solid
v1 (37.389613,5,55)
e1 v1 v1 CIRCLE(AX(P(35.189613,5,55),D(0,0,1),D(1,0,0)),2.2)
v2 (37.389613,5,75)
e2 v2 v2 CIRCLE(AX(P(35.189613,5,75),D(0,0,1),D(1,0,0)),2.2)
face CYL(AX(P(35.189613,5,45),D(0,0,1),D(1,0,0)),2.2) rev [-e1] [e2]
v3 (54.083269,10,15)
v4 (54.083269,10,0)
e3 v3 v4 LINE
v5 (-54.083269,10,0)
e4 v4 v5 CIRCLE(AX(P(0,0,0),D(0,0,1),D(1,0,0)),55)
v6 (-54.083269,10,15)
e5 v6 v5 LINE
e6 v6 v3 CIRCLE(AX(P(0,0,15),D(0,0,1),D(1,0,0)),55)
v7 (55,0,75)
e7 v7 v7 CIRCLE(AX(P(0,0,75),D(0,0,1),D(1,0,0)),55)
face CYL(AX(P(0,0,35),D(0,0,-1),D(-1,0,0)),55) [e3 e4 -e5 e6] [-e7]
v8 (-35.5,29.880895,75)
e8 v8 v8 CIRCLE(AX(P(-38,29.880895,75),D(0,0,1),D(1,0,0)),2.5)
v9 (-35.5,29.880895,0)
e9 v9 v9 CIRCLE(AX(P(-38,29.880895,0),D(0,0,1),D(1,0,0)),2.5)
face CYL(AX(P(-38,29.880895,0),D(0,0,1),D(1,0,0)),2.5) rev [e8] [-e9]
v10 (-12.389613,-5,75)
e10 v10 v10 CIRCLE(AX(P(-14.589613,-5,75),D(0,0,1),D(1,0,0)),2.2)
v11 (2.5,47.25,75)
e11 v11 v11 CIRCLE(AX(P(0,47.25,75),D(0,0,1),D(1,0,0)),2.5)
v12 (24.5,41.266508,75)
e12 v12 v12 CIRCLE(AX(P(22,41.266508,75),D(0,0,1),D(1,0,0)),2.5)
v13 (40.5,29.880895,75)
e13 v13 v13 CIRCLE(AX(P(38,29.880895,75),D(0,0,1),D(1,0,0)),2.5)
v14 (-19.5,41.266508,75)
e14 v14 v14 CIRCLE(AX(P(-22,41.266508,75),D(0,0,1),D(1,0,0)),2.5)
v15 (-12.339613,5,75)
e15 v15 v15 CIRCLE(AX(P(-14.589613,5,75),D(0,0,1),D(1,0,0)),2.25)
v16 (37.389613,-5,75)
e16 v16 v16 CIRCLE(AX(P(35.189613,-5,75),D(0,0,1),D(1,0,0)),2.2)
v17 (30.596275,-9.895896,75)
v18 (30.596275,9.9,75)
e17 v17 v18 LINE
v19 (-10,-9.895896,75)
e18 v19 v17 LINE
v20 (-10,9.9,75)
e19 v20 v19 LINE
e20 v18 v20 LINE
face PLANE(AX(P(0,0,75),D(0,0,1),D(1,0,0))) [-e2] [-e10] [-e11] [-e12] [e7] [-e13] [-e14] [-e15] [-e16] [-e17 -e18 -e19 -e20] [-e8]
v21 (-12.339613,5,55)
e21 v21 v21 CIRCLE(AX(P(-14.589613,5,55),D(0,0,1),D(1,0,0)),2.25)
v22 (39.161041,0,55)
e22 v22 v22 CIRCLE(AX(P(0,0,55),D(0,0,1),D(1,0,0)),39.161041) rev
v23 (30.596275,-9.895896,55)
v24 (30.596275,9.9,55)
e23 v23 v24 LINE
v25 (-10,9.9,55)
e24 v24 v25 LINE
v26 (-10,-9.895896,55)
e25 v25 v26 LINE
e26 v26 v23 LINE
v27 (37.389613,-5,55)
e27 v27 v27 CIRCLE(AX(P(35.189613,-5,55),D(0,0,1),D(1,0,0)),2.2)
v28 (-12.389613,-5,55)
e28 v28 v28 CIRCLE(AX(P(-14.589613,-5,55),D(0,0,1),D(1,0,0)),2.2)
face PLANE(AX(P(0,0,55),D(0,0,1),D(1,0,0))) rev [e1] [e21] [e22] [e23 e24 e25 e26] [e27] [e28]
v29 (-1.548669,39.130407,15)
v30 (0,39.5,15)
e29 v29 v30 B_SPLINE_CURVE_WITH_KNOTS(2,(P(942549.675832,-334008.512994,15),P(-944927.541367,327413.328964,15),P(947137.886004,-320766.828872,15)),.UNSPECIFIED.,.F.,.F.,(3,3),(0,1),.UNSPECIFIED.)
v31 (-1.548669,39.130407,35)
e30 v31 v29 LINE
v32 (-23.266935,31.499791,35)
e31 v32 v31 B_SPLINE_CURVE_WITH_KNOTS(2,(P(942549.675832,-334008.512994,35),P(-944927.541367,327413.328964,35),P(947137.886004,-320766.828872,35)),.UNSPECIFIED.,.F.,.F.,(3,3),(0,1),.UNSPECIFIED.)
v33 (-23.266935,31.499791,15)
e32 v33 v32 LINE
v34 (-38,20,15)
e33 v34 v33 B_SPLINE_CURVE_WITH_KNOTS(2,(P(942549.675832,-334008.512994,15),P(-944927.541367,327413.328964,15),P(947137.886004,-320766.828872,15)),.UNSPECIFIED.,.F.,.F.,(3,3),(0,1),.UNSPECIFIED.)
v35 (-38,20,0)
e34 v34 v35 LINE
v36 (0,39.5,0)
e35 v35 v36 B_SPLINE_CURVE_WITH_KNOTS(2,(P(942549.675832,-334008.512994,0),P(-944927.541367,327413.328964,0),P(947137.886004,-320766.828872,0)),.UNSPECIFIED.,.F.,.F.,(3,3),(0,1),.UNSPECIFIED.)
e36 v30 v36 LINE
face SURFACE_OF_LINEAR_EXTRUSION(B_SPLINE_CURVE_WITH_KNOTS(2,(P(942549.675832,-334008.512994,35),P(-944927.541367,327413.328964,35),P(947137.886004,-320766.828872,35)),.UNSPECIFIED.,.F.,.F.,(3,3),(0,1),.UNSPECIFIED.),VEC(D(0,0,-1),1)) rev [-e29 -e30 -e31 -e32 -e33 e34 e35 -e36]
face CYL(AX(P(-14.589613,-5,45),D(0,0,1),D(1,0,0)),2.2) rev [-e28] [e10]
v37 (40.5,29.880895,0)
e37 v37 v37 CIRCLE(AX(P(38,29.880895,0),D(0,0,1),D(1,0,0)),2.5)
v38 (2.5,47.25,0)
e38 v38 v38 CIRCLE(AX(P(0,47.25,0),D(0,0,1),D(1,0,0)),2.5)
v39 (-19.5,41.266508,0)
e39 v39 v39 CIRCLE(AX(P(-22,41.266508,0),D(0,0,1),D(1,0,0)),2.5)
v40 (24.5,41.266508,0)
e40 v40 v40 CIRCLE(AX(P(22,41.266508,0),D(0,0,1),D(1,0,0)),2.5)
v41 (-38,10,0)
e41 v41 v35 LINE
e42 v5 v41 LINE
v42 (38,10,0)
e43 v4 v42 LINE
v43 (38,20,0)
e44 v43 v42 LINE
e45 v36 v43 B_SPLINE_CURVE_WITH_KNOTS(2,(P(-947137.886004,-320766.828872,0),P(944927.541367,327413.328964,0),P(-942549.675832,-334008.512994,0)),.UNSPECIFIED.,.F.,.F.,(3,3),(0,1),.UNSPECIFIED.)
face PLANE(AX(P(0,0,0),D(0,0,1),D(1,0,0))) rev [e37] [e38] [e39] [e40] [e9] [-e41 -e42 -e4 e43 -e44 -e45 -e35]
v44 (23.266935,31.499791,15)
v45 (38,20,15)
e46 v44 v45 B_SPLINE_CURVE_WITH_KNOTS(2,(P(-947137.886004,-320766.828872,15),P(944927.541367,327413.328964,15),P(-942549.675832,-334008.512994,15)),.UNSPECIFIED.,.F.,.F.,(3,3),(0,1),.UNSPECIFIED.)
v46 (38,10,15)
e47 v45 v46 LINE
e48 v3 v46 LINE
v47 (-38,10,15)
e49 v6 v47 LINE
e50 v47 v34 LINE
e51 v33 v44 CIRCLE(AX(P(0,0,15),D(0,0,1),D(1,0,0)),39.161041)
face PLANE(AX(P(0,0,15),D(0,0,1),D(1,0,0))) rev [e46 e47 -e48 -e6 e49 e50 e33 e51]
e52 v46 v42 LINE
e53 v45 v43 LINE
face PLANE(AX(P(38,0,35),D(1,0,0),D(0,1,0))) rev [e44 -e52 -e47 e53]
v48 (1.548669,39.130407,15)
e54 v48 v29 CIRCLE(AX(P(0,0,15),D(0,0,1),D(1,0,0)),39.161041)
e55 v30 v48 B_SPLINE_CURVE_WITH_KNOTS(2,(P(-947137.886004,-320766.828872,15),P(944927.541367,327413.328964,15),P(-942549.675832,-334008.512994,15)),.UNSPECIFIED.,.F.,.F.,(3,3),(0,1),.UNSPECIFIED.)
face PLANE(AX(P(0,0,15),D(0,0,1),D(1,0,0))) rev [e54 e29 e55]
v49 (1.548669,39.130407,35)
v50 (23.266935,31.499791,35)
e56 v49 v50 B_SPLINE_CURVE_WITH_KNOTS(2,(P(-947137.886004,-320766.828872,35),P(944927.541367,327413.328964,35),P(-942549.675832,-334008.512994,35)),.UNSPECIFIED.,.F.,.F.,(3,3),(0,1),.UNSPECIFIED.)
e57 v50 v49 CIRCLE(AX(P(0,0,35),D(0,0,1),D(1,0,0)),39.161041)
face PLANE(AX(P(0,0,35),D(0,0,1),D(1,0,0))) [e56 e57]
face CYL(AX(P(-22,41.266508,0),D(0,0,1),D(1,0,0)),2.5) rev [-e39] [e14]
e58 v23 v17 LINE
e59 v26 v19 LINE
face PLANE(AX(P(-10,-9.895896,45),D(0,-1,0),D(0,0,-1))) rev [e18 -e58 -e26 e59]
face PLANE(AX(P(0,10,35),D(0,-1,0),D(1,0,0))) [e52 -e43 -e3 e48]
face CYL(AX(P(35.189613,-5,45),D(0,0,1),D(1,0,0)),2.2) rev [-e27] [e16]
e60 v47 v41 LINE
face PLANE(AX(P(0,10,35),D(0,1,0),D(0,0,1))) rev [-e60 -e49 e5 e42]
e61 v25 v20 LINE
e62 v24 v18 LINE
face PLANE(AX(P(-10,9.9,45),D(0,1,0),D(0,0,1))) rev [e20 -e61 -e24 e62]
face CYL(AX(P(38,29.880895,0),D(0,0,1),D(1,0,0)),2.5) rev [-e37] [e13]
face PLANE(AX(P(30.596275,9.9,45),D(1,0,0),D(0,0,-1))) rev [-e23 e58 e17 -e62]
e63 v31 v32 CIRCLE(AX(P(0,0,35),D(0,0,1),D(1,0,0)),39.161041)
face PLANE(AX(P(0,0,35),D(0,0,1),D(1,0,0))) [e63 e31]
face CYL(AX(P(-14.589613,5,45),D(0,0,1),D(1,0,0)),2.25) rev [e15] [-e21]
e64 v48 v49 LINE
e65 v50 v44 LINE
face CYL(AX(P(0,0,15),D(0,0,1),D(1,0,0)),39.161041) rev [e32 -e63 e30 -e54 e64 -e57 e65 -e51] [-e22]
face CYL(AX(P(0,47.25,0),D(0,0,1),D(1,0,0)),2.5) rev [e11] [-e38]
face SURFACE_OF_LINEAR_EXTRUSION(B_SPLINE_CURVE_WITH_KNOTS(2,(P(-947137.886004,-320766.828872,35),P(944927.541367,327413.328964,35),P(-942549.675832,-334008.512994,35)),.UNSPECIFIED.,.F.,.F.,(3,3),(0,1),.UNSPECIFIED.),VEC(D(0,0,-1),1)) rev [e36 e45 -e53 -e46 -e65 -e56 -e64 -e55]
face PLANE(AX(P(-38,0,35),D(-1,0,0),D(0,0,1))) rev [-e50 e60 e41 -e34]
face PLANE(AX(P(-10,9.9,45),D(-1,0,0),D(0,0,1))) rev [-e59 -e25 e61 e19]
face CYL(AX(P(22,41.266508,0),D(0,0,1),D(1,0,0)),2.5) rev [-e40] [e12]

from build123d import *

# Parameters (mm, degrees)
BOSS_EXTRUDE1_DEPTH = 35
BOSS_EXTRUDE2_START = -20
SKETCH2_R           = 55
SKETCH2_R_2         = 39.161040577
BOSS_EXTRUDE2_DEPTH = 40
SKETCH4_R           = 55
BOSS_EXTRUDE3_DEPTH = 20
SKETCH5_R           = 3
CUT_EXTRUDE1_DEPTH  = 20
SKETCH6_R           = 2.5
CUT_EXTRUDE3_DEPTH  = 109.050914096
SKETCH8_R           = 2.25
SKETCH8_R_2         = 2.2
SKETCH8_W           = 40.596274726
SKETCH8_H           = 19.795896112
CUT_EXTRUDE5_DEPTH  = 30


with BuildPart() as part:
    # Sketch1 → Boss-Extrude1 (new body)
    with BuildSketch(Plane.XY):
        with BuildLine():
            add(Edge.make_bspline(
                [(-38, 20), (-28.167603026, 32.926551341), (0, 39.5)],
                knots=[0, 0, 0, 1, 1, 1], degree=2))
            add(Edge.make_bspline(
                [(0, 39.5), (28.167603026, 32.926551341), (38, 20)],
                knots=[0, 0, 0, 1, 1, 1], degree=2))
            Line((38, 20), (38, 10))
            Line((38, 10), (54.083269132, 10))
            ThreePointArc((54.083269132, 10), (0, 55), (-54.083269132, 10))
            Line((-54.083269132, 10), (-38, 10))
            Line((-38, 10), (-38, 20))
        make_face()
    extrude(amount=BOSS_EXTRUDE1_DEPTH)

    # Sketch2 → Boss-Extrude2 (add)
    with BuildSketch(Plane.XY.offset(35).offset(BOSS_EXTRUDE2_START)):
        with Locations(Location((0, 0, 0), (0, 0, 169.524318304))):
            Circle(SKETCH2_R)
        Circle(SKETCH2_R_2, mode=Mode.SUBTRACT)
    extrude(amount=BOSS_EXTRUDE2_DEPTH)

    # Sketch4 → Boss-Extrude3 (add)
    with BuildSketch(Plane.XY.offset(55)):
        with Locations(Location((0, 0, 0), (0, 0, 169.524318304))):
            Circle(SKETCH4_R)
    extrude(amount=BOSS_EXTRUDE3_DEPTH)

    # Sketch5 → Cut-Extrude1 (cut)
    with BuildSketch(Plane.XY.offset(75)):
        Circle(SKETCH5_R)
    extrude(amount=-CUT_EXTRUDE1_DEPTH, mode=Mode.SUBTRACT)

    # Sketch6 → Cut-Extrude3 (cut, through all)
    with BuildSketch(Plane.XY.offset(75)):
        with Locations((-38, 29.880895352)):
            Circle(SKETCH6_R)
        with Locations((-22, 41.266508356)):
            Circle(SKETCH6_R)
        with Locations((0, 47.25)):
            Circle(SKETCH6_R)
        with Locations((22, 41.266508356)):
            Circle(SKETCH6_R)
        with Locations((38, 29.880895352)):
            Circle(SKETCH6_R)
    extrude(amount=-CUT_EXTRUDE3_DEPTH, mode=Mode.SUBTRACT)

    # Sketch8 → Cut-Extrude5 (cut)
    with BuildSketch(Plane.XY.offset(75)):
        with Locations((-14.589613301, 5)):
            Circle(SKETCH8_R)
        with Locations((-14.589613301, -5)):
            Circle(SKETCH8_R_2)
        with Locations((35.189613301, 5)):
            Circle(SKETCH8_R_2)
        with Locations((35.189613301, -5)):
            Circle(SKETCH8_R_2)
        with Locations((10.298137363, 0.002051944)):
            Rectangle(SKETCH8_W, SKETCH8_H)
    extrude(amount=-CUT_EXTRUDE5_DEPTH, mode=Mode.SUBTRACT)


solid = part.part
